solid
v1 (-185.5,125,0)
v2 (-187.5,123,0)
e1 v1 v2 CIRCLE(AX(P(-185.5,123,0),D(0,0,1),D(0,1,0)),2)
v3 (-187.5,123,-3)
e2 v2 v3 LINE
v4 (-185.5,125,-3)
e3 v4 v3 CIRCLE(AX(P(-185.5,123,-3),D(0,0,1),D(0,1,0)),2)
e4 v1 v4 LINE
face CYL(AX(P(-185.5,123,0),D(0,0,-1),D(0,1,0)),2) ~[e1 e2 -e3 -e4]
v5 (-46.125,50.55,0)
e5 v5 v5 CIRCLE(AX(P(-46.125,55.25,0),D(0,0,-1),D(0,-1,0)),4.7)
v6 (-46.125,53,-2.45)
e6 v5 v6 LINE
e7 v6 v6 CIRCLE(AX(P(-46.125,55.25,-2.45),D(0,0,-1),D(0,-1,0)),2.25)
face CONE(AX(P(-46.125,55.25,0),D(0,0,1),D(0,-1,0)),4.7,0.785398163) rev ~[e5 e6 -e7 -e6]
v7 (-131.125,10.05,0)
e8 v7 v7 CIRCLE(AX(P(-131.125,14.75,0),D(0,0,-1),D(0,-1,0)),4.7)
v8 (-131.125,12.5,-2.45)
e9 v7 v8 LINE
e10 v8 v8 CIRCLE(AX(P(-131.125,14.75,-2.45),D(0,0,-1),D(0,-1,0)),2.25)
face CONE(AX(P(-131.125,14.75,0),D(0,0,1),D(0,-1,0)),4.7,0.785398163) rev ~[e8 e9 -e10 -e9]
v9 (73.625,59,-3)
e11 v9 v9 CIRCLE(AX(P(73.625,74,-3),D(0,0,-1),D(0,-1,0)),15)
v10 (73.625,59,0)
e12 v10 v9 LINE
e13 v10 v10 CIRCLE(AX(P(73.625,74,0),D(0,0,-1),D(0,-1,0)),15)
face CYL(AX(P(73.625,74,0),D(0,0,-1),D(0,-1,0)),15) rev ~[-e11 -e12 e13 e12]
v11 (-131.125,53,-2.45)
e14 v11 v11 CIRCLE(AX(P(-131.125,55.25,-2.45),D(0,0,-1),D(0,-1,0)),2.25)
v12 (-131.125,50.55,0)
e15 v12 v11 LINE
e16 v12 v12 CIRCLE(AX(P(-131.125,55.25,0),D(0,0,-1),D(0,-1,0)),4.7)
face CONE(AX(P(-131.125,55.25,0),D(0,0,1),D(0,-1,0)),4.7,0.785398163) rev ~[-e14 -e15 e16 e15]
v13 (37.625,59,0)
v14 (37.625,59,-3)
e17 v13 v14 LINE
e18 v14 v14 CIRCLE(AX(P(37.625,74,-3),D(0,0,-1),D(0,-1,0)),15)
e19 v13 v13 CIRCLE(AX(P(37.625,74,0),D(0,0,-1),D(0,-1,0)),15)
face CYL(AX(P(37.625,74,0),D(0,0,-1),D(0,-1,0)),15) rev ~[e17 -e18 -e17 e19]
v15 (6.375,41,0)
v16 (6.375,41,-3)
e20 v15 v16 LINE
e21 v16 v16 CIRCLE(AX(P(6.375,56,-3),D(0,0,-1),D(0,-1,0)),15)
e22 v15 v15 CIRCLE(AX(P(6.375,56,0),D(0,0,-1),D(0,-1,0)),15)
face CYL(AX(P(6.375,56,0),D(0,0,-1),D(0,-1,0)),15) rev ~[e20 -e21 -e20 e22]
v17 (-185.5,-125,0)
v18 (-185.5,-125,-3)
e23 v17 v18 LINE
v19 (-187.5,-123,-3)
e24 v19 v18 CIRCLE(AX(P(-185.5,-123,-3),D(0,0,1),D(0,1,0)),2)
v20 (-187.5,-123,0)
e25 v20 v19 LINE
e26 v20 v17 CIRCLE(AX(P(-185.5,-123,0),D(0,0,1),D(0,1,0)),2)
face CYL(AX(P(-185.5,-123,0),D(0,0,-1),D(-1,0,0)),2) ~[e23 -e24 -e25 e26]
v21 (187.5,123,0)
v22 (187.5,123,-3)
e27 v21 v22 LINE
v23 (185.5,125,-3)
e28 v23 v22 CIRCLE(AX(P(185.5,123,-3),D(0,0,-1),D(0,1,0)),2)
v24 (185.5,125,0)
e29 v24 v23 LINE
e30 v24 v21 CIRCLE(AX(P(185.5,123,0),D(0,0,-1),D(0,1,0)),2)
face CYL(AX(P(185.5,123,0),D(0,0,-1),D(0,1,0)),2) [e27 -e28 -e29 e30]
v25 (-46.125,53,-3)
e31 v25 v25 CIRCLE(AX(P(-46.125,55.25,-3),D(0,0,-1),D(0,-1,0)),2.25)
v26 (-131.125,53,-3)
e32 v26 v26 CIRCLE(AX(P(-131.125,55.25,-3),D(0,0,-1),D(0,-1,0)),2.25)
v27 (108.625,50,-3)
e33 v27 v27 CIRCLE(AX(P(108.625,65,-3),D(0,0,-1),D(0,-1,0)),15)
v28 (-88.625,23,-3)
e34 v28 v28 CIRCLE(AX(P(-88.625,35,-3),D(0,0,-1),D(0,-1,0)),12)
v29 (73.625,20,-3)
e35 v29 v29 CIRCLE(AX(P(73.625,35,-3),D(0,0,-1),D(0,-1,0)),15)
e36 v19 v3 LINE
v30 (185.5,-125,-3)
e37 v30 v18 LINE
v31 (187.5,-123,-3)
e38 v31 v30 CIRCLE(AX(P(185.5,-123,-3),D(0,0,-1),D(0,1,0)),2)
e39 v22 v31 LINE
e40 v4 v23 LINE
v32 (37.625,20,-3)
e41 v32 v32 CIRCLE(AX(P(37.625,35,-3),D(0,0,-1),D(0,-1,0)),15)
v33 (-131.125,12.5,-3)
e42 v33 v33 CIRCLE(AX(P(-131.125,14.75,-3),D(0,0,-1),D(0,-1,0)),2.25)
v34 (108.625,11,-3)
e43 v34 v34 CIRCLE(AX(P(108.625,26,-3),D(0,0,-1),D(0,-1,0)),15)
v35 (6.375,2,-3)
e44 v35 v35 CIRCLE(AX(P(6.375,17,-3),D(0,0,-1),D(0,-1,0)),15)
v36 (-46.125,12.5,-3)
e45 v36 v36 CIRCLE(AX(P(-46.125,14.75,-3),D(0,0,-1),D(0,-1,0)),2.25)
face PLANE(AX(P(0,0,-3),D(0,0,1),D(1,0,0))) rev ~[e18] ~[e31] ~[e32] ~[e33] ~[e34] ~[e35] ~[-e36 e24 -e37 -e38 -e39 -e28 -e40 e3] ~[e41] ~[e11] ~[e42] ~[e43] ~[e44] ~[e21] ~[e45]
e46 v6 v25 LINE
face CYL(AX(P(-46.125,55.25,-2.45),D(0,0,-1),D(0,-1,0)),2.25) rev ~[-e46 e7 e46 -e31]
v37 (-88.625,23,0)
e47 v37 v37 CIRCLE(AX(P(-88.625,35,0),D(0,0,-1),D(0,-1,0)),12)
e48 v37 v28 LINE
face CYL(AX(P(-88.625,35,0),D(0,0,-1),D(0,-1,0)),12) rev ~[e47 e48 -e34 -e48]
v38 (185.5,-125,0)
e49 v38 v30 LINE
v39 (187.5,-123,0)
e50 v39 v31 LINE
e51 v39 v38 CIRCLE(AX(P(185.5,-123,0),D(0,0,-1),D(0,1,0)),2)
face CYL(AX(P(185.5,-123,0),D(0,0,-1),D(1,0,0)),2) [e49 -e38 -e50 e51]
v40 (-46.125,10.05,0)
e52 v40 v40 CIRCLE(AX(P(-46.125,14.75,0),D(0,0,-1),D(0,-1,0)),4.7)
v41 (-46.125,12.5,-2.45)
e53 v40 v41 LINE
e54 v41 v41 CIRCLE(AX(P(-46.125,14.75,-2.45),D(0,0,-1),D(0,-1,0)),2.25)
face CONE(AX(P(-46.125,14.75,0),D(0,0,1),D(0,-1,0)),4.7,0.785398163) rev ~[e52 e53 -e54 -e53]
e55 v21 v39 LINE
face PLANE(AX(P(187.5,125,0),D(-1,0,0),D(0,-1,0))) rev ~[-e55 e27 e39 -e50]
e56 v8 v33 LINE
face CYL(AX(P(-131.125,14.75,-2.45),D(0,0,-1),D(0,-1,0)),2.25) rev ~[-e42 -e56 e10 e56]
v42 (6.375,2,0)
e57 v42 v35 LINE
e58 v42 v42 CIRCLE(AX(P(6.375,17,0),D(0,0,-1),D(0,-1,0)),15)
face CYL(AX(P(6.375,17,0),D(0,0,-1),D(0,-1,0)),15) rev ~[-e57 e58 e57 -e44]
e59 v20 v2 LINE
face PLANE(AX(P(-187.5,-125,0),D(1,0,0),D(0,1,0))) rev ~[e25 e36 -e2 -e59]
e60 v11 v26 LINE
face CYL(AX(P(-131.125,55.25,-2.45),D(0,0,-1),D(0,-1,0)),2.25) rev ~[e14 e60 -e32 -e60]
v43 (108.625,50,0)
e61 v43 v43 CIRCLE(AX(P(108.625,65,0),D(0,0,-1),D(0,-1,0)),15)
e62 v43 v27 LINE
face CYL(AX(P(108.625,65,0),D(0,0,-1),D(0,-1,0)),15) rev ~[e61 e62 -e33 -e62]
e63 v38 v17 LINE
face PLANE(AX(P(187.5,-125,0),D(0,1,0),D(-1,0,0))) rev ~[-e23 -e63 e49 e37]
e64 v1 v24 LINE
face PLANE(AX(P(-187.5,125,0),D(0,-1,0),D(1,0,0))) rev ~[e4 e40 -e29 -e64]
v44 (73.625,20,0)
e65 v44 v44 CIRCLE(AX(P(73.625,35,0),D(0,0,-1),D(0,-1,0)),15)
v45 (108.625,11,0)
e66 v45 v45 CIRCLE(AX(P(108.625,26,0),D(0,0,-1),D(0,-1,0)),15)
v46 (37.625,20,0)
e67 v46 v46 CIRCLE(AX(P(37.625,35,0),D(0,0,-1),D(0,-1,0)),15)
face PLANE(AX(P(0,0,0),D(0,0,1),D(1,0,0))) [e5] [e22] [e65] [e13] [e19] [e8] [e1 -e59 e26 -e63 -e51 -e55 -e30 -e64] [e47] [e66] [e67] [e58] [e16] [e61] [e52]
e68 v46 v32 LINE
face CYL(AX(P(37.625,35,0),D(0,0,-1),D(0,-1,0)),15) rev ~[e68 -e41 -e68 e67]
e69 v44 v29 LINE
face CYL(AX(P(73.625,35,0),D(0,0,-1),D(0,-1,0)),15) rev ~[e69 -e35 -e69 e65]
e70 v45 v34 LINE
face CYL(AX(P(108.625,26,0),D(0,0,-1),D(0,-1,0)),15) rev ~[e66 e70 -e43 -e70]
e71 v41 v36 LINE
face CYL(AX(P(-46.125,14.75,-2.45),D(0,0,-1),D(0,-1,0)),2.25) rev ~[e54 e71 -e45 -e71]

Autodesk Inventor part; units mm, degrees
ref_plane "YZ Plane" through (0, 0, 0) normal (1, 0, 0) x (0, 1, 0)
ref_plane "XZ Plane" through (0, 0, 0) normal (0, 1, 0) x (-1, 0, 0)
ref_plane "XY Plane" through (0, 0, 0) normal (0, 0, 1) x (1, 0, 0)
sketch "Panel" plane through (0, 0, 0) normal (0, 0, 1) x (1, 0, 0)
  line L0 (-187.5, 125) -> (187.5, 125)
  line L1 (187.5, 125) -> (187.5, -125)
  line L2 (187.5, -125) -> (-187.5, -125)
  line L3 (-187.5, -125) -> (-187.5, 125)
  point P0 (0, 0)
  point P1 (-187.5, 0)
  point P2 (0, 125)
  dimension "d0" = 250
  dimension "d3" = 375
sketch "JoystickMount" plane through (0, 0, 0) normal (0, 0, 1) x (1, 0, 0)
  line L0 (-131.125, 55.25) -> (-131.125, 14.75) construction
  line L1 (-131.125, 14.75) -> (-46.125, 14.75) construction
  point P0 (0, 0)
  point P1 (-88.625, 35)
  point P2 (-46.125, 55.25)
  point P3 (-131.125, 35)
  point P4 (-88.625, 14.75)
  dimension "d4" = 40.5
  dimension "d6" = 85
  dimension "d19" = 35
  dimension "d45" = 88.625
sketch "ButtonMounts" plane through (0, 0, 0) normal (0, 0, 1) x (1, 0, 0)
  point P0 (0, 0)
  point P1 (6.375, 56)
  point P2 (6.375, 17)
  point P3 (37.625, 74)
  point P4 (37.625, 35)
  point P5 (73.625, 74)
  point P6 (73.625, 35)
  point P7 (108.625, 65)
  point P8 (108.625, 26)
  point P9 (-88.625, 35)
  dimension "d7" = 39
  dimension "d9" = 39
  dimension "d10" = 39
  dimension "d11" = 39
  dimension "d12" = 31.25
  dimension "d13" = 36
  dimension "d14" = 35
  dimension "d15" = 18
  dimension "d16" = 9
  dimension "d17" = 95
extrude "PanelExtrusion" add sketch "Panel" against normal blind 3
hole "JoystickScrews" at (-46.125, 14.75, 0) at (-46.125, 55.25, 0) at (-131.125, 55.25, 0) at (-131.125, 14.75, 0) direction (0, 0, -1) diameter 4.5 end through all countersink diameter 9.4 countersink angle 90 clearance for "Flat Head Machine Screw" size "M4" standard "Ansi Metric M Profile"
hole "JoystickShaft" at (-88.625, 35, 0) direction (0, 0, -1) diameter 24 end through all
hole "ButtonHoles" at (108.625, 26, 0) at (73.625, 35, 0) at (73.625, 74, 0) at (108.625, 65, 0) at (37.625, 74, 0) at (37.625, 35, 0) at (6.375, 56, 0) at (6.375, 17, 0) direction (0, 0, -1) diameter 30 end through all
fillet "PanelCornerFillets" radius 2 4 edges at (187.5, 125, -1.5) (187.5, -125, -1.5) (-187.5, 125, -1.5) (-187.5, -125, -1.5)
ref_plane "BottomPanelWorkPlane" through (187.5, -125, -3) normal (0, -0.1736, -0.9848) x (-1, 0, 0)
sketch "ProjectedEdgesBase" plane through (187.5, -125, -3) normal (0, -0.1736, -0.9848) x (-1, 0, 0)
  line L0 (0, 244.2323) -> (0, 1.9696) projected
  line L1 (373, 246.2019) -> (2, 246.2019) projected
  line L2 (375, 1.9696) -> (375, 244.2323) projected
  line L3 (2, -0.5209) -> (373, -0.5209) projected
  line L4 (375, 246.2019) -> (0, 246.2019)
  line L5 (0, 246.2019) -> (0, -0.5209)
  line L6 (0, -0.5209) -> (375, -0.5209)
  line L7 (375, -0.5209) -> (375, 246.2019)
  point P0 (187.5, 122.58)
  point P1 (187.5, 246.2019)
  point P2 (187.5, 246.2019)
  point P3 (187.5, -0.5209)
  point P4 (187.5, -0.5209)
  point P5 (375, 122.8405)
  point P6 (375, 123.101)
  point P7 (0, 122.8405)
  point P8 (0, 123.101)
properties part number "Panel_top_2"
